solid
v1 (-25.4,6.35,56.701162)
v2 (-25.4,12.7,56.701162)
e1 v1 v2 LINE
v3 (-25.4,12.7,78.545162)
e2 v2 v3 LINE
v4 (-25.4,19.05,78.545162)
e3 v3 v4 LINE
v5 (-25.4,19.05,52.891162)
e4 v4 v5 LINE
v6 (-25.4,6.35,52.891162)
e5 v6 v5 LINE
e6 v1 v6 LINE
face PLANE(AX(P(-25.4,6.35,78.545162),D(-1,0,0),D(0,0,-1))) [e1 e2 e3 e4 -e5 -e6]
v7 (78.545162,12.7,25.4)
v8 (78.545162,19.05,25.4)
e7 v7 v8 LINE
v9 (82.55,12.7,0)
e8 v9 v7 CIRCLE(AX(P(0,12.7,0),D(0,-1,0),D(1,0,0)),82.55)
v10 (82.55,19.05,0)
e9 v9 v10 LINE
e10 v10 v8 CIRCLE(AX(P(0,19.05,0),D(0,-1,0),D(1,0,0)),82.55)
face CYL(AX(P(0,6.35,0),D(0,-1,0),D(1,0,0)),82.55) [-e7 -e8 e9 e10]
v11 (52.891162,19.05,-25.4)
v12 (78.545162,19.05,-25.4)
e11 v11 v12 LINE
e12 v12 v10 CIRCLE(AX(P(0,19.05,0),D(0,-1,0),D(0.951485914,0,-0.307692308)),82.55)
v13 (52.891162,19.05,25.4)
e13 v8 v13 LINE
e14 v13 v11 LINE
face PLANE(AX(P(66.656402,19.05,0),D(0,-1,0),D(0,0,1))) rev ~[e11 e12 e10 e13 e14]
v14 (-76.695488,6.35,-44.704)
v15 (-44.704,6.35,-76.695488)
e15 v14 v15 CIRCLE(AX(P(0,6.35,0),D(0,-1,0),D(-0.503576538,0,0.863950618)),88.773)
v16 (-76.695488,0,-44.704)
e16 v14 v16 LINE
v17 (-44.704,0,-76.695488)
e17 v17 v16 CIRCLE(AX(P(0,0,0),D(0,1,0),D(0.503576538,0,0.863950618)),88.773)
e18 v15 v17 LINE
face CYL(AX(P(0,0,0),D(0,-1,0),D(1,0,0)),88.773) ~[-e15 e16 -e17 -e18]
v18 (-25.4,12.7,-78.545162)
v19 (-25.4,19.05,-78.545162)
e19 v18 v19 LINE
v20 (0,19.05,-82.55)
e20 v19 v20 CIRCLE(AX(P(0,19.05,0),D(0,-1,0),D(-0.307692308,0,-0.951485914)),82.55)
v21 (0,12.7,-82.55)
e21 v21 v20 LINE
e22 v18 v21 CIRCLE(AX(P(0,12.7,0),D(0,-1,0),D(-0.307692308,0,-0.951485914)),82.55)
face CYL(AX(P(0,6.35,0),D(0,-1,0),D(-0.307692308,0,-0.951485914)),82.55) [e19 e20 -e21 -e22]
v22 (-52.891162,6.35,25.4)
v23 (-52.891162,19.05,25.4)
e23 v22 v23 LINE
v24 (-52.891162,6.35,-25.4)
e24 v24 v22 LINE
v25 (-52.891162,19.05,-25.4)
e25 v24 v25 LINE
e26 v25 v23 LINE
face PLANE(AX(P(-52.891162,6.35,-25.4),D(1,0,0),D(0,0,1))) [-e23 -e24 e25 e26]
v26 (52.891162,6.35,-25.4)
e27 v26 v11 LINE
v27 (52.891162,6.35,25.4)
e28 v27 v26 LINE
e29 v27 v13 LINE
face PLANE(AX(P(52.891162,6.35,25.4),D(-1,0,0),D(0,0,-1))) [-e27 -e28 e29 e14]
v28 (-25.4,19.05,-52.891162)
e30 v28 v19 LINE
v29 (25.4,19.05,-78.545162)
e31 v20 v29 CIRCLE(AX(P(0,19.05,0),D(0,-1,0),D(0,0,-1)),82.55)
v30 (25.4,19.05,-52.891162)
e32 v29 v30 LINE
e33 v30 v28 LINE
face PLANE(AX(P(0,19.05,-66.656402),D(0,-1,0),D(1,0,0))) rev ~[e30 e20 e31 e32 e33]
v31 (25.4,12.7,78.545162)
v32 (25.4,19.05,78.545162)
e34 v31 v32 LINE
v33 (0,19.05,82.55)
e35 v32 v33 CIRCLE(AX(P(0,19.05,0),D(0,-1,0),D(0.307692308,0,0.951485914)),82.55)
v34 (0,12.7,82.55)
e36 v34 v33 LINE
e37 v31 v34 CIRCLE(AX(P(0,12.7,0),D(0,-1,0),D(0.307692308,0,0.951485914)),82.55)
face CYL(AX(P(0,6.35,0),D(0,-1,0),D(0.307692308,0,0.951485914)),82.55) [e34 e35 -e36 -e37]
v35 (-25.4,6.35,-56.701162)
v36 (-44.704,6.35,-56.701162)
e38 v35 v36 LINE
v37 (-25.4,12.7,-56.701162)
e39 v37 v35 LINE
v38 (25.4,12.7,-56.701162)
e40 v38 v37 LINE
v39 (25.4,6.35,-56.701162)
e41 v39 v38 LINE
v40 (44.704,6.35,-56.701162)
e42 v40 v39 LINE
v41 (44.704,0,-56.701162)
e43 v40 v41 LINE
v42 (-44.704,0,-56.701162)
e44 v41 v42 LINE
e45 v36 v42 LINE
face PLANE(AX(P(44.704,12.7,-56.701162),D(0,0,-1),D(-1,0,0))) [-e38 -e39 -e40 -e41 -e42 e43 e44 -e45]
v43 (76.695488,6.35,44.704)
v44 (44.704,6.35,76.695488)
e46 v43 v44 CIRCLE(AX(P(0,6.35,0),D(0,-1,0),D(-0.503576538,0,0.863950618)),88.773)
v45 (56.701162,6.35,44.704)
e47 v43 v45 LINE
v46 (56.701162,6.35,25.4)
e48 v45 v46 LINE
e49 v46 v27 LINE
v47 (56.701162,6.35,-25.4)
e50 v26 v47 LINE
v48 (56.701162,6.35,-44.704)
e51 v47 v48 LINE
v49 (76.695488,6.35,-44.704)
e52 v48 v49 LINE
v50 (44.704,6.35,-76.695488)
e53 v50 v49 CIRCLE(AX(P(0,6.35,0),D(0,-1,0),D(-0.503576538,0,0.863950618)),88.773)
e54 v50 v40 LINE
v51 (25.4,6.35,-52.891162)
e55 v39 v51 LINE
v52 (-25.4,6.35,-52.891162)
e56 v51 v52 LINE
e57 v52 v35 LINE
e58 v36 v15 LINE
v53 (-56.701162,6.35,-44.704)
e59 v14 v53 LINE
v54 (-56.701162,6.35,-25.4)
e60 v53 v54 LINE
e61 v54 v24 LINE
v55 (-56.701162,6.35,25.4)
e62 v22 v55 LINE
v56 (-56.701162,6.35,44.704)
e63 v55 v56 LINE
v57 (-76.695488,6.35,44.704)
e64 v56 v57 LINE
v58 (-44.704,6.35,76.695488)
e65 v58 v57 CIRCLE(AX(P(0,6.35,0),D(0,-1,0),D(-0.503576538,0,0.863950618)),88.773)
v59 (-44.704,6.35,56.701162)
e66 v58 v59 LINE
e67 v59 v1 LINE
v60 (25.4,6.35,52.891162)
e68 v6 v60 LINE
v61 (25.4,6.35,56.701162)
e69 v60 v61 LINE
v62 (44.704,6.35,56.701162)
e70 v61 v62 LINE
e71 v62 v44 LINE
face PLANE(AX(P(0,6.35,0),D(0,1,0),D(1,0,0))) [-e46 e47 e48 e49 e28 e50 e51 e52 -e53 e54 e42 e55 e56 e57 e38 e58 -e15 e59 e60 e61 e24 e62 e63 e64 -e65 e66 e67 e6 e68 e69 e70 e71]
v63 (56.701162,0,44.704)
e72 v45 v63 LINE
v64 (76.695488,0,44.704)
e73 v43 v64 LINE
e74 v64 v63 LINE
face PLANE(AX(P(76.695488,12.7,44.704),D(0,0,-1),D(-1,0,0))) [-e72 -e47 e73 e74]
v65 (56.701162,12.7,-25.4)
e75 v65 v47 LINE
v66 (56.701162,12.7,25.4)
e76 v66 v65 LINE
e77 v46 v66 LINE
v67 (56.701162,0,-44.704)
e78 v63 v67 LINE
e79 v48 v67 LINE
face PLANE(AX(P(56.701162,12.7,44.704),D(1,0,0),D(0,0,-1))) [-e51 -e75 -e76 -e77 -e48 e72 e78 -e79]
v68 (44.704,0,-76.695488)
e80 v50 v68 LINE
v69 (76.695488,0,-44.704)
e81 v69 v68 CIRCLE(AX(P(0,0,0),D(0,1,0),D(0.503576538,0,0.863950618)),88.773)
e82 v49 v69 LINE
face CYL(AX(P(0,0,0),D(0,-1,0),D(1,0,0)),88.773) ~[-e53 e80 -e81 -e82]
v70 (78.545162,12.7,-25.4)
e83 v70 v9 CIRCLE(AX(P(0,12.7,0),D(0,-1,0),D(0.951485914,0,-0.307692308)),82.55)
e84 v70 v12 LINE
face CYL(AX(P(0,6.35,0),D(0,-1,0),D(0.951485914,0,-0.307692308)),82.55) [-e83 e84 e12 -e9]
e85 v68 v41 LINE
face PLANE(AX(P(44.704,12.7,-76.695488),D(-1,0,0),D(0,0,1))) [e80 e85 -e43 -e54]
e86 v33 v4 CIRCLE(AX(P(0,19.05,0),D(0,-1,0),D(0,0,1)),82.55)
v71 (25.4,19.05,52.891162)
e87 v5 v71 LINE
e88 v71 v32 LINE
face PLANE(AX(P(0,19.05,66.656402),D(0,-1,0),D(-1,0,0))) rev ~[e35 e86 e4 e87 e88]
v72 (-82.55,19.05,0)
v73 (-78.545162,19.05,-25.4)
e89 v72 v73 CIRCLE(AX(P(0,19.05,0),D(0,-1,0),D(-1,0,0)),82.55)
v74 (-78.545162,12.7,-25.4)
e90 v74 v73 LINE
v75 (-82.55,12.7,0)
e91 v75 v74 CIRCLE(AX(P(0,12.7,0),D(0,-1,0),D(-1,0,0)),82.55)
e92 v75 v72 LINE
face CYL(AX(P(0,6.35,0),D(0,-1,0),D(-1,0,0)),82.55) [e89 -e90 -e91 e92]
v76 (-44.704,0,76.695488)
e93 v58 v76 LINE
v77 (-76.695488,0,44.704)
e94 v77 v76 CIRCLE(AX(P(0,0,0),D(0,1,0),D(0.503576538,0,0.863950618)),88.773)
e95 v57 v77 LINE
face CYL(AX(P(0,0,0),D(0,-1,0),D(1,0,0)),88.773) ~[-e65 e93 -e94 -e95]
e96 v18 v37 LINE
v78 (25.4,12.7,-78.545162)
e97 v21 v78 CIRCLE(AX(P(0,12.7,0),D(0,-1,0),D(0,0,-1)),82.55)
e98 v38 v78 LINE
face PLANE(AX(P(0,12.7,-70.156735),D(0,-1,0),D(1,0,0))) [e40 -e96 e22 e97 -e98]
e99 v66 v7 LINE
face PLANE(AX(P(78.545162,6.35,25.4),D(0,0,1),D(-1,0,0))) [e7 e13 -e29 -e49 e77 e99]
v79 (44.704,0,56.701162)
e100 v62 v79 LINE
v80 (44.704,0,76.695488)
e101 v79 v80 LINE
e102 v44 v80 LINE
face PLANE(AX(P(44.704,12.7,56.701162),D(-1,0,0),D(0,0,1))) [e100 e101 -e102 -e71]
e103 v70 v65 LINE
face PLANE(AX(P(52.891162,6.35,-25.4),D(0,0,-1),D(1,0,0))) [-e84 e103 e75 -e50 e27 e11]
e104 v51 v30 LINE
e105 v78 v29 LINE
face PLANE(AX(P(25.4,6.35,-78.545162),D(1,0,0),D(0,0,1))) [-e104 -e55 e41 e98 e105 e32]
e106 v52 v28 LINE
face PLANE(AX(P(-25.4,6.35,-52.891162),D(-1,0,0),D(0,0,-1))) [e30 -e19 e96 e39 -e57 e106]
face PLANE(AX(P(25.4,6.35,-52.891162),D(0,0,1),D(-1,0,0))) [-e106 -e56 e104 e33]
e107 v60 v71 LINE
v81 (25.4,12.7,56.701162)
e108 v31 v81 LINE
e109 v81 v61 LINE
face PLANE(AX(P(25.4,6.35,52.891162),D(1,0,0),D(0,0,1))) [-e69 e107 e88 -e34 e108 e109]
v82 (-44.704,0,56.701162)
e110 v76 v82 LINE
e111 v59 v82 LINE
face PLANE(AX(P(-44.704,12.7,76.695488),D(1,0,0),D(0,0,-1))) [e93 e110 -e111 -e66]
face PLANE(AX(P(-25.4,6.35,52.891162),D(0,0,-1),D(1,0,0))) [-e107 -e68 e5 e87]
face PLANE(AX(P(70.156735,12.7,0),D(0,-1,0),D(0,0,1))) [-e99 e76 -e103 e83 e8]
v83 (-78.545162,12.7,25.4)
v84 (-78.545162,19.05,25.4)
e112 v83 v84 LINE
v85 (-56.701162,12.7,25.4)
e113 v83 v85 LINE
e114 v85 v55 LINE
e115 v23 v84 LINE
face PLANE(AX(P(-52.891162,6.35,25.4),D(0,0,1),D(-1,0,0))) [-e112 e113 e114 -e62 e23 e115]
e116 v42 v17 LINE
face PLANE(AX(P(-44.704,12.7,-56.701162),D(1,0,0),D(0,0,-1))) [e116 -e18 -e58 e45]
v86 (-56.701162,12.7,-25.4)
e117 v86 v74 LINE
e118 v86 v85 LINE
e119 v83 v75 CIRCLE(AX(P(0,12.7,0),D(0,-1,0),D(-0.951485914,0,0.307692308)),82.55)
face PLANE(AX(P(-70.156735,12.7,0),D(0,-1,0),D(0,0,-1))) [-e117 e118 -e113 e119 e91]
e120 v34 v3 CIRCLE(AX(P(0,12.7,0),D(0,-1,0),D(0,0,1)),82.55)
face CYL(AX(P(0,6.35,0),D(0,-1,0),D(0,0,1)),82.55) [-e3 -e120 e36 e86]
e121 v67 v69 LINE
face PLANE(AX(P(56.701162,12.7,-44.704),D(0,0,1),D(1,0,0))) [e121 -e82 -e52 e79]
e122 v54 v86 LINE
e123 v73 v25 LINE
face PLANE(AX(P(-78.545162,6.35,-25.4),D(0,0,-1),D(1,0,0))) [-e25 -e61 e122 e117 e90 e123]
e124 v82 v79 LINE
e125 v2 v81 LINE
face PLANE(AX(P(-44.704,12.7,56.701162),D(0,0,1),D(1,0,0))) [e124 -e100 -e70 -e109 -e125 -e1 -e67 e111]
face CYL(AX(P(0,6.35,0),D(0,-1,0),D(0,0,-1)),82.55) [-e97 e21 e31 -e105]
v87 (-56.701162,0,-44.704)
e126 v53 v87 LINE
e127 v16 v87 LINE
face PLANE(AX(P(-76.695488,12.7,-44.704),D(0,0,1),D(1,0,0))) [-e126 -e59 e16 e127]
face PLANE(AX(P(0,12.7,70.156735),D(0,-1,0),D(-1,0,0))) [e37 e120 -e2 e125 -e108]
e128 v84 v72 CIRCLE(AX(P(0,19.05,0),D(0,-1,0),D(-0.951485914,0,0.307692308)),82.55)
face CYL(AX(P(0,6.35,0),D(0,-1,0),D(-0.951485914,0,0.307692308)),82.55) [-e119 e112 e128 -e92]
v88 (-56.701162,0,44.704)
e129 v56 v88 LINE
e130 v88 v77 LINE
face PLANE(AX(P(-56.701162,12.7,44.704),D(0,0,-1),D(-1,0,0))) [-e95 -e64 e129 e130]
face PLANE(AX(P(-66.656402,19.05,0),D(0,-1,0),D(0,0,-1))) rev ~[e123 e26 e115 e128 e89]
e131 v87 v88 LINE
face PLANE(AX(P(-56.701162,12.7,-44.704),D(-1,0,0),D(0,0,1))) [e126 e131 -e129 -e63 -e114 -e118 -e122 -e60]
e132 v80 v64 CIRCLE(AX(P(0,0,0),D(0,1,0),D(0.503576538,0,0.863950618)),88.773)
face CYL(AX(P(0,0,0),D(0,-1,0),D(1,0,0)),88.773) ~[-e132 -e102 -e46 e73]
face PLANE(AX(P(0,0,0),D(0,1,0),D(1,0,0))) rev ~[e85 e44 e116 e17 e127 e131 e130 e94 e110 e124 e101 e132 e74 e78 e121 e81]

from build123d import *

# Parameters (mm, degrees)
SKETCH1_R         = 88.773
BASE_DEPTH        = 6.35
STOPPER_DEPTH     = 12.7
STOPPER_START     = -6.35
STOPPER_GAP_DEPTH = 13.7
CIRPATTERN1_COUNT = 4


with BuildPart() as part:
    # Sketch1 → Base (new body)
    with BuildSketch(Plane(origin=(0, 0, 0), x_dir=(1, 0, 0), z_dir=(0, 1, 0))):
        Circle(SKETCH1_R)
    extrude(amount=BASE_DEPTH)

    # Sketch2 → Stopper (add)
    with BuildSketch(Plane(origin=(0, 6.35, 0), x_dir=(1, 0, 0), z_dir=(0, 1, 0))):
        with BuildLine():
            Line((-25.4, -78.545162168), (-25.4, -52.891162168))
            Line((-25.4, -52.891162168), (0, -52.891162168))
            Line((0, -52.891162168), (25.4, -52.891162168))
            Line((25.4, -52.891162168), (25.4, -78.545162168))
            ThreePointArc((25.4, -78.545162168), (12.856892374, -81.542644172), (0, -82.55))
            ThreePointArc((0, -82.55), (-12.856892374, -81.542644172), (-25.4, -78.545162168))
        make_face()
    stopper = extrude(amount=STOPPER_DEPTH)

    # Sketch5 → Stopper Gap (cut, through all)
    with BuildSketch(Plane(origin=(0, 19.05, 0), x_dir=(1, 0, 0), z_dir=(0, 1, 0)).offset(STOPPER_START)):
        with BuildLine():
            Line((-44.704, -76.695488218), (-44.704, -56.701162168))
            Line((-44.704, -56.701162168), (0, -56.701162168))
            Line((0, -56.701162168), (44.704, -56.701162168))
            Line((44.704, -56.701162168), (44.704, -76.695488218))
            ThreePointArc((44.704, -76.695488218), (23.153368582, -85.700449545), (0, -88.773))
            ThreePointArc((0, -88.773), (-23.153368582, -85.700449545), (-44.704, -76.695488218))
        make_face()
    stopper_gap = extrude(amount=-STOPPER_GAP_DEPTH, mode=Mode.SUBTRACT)

    # CirPattern1: Stopper, Stopper Gap ×4 about axis
    cirpattern1_axis = Axis((0, 0, 0), (0, 1, 0))
    for i in range(1, CIRPATTERN1_COUNT):
        add(stopper.rotate(cirpattern1_axis, i * 360 / CIRPATTERN1_COUNT))
        add(stopper_gap.rotate(cirpattern1_axis, i * 360 / CIRPATTERN1_COUNT), mode=Mode.SUBTRACT)


solid = part.part
